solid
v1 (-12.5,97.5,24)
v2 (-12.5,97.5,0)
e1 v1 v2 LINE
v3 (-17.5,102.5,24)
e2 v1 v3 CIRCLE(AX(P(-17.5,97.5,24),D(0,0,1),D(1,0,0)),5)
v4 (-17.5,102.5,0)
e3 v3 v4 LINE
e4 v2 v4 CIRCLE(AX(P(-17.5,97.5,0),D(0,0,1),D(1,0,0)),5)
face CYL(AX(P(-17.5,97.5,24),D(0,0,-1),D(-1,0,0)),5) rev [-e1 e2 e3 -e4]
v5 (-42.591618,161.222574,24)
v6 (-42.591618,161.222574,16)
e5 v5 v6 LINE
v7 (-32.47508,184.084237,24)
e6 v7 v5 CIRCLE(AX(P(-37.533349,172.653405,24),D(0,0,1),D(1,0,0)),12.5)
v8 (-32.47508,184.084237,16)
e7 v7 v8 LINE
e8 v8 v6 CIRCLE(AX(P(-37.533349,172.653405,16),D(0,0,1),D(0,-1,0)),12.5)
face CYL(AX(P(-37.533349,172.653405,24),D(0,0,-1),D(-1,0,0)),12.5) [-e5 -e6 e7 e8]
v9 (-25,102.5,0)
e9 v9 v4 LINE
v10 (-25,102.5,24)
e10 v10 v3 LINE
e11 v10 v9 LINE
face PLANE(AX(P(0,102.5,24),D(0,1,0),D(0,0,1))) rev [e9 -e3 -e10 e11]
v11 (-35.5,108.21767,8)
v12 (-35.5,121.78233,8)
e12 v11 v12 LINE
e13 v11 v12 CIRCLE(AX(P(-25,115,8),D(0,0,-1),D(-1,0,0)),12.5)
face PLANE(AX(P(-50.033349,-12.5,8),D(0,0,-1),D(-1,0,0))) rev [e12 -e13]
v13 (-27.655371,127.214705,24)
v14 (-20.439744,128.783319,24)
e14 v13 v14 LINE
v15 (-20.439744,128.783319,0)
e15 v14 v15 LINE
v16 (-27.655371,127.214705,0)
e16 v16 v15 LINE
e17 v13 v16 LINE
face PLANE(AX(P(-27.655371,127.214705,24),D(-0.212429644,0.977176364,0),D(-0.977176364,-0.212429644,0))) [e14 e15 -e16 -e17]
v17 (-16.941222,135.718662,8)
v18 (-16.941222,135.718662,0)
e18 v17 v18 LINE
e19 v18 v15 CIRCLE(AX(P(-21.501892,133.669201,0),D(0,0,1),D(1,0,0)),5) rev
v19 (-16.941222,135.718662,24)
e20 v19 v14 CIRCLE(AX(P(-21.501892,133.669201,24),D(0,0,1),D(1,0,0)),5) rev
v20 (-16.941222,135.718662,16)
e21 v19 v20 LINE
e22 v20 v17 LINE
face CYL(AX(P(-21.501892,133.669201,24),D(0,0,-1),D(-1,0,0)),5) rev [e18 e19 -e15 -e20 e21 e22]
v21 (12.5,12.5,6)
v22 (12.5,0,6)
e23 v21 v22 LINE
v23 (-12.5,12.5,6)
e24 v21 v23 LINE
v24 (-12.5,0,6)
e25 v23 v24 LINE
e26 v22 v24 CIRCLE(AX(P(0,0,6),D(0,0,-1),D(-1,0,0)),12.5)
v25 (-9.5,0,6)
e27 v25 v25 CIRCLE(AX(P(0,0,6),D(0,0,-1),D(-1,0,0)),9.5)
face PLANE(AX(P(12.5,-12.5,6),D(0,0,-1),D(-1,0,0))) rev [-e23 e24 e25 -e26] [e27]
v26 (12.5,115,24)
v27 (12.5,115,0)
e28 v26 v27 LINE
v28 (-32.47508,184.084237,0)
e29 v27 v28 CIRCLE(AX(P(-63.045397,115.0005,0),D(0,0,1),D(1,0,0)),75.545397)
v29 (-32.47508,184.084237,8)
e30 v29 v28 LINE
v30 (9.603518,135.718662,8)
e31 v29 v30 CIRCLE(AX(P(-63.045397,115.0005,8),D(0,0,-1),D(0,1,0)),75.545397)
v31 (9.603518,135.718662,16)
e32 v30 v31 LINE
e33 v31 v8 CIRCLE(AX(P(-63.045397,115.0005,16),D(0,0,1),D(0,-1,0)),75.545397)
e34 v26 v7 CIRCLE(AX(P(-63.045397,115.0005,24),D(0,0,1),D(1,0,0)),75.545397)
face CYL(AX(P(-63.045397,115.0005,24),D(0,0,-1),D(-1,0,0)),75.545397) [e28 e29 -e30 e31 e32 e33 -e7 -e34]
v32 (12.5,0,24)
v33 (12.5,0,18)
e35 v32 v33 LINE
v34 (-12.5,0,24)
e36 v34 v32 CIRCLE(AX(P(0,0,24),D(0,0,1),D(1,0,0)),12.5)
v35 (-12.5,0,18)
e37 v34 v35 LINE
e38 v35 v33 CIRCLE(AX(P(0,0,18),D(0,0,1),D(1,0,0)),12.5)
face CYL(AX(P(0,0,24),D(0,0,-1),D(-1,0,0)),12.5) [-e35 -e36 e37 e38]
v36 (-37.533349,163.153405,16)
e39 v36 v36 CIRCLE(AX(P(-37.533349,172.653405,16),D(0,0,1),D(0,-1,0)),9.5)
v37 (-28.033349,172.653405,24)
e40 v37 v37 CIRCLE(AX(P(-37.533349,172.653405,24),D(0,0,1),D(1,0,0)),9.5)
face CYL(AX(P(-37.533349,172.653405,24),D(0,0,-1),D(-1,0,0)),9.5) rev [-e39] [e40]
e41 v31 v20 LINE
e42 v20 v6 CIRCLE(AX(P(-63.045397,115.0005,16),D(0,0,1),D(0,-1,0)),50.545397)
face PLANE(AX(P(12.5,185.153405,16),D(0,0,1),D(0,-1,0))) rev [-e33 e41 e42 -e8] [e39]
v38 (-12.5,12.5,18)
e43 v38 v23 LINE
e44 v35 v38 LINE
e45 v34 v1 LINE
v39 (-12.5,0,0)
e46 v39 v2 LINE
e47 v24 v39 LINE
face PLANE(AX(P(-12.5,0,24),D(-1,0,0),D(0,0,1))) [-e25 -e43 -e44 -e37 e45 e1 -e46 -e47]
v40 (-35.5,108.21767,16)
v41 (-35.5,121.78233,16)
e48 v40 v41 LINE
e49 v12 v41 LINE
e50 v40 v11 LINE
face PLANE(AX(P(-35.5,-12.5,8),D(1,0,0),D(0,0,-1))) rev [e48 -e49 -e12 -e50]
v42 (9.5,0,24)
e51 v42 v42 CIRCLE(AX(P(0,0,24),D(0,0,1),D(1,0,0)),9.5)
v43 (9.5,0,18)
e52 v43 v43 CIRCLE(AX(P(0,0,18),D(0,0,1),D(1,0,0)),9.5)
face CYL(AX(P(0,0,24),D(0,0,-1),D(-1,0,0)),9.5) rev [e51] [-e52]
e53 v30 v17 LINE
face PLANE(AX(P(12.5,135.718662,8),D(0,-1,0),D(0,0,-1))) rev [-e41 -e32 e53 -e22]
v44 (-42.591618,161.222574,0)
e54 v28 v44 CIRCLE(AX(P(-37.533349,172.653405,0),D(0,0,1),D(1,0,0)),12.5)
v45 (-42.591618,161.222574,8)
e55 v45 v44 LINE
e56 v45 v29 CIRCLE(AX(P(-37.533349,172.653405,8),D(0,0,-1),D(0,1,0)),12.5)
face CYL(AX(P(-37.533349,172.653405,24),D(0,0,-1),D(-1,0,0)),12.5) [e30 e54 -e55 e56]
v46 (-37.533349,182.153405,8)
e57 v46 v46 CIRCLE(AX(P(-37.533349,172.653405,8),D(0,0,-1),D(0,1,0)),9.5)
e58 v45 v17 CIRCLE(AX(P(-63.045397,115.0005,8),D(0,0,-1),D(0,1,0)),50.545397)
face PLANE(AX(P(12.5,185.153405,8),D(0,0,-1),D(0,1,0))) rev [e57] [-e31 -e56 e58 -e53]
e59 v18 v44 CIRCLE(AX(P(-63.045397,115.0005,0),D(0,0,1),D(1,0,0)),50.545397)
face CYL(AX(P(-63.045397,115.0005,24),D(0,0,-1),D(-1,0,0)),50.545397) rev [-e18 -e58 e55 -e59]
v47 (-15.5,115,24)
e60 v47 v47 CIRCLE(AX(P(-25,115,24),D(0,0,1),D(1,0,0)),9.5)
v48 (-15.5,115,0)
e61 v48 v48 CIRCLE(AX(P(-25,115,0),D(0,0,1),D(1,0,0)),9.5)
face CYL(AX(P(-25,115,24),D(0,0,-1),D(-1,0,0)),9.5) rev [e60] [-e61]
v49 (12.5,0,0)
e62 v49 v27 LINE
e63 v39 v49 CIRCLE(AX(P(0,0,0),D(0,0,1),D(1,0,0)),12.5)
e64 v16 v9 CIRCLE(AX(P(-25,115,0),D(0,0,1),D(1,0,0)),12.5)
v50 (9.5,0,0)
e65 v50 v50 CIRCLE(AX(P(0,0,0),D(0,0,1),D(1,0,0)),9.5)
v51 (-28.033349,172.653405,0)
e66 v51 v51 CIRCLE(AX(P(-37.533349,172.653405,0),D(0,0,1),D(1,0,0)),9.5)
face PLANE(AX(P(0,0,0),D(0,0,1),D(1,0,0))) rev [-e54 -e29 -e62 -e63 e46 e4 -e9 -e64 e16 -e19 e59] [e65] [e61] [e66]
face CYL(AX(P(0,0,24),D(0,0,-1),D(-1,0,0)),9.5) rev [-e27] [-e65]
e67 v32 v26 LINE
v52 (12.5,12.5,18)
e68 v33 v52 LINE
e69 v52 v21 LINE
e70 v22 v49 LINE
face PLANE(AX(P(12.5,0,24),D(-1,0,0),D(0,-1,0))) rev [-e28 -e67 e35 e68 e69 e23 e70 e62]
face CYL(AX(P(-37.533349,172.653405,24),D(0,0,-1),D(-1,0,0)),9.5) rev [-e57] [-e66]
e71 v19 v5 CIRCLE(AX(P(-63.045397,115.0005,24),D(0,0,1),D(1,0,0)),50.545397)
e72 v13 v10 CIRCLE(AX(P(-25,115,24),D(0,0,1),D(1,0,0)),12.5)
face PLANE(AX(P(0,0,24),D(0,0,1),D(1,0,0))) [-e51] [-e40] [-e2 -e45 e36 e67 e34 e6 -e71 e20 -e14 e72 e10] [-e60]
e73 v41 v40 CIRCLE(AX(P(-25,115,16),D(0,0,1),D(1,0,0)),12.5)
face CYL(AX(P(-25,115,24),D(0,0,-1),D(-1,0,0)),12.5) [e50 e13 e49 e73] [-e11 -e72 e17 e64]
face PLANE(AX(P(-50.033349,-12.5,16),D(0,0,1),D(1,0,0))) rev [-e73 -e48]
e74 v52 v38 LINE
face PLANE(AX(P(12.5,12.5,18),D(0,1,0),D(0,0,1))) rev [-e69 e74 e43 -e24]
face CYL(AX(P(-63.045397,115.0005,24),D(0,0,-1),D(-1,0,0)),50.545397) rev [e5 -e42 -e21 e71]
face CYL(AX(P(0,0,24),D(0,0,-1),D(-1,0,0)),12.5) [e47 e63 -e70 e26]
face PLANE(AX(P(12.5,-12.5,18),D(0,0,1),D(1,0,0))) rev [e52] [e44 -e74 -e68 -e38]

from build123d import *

# Parameters (mm, degrees)
CROQUIS2_R                 = 12.5
CROQUIS2_R_2               = 9.5
SALIENTE_EXTRUIR1_DEPTH    = 24
CORTAR_EXTRUIR3_DEPTH      = 191.437747955
CORTAR_EXTRUIR3_DEPTH_BACK = 191.437747955
CROQUIS5_W                 = 8
CROQUIS5_H                 = 49.434743854
CORTAR_EXTRUIR4_DEPTH      = 191.437747955
CORTAR_EXTRUIR4_DEPTH_BACK = 191.437747955
CROQUIS6_W                 = 12
CROQUIS6_H                 = 25
CORTAR_EXTRUIR5_DEPTH      = 159.265939688
CORTAR_EXTRUIR5_DEPTH_BACK = 159.265939688
CROQUIS7_W                 = 14.533349016
CROQUIS7_H                 = 8


with BuildPart() as part:
    # Croquis2 → Saliente-Extruir1 (new body)
    # profile 1 of 4: a face of its own
    with BuildSketch(Plane.XY):
        with Locations((-37.533349016, 172.653405471)):
            Circle(CROQUIS2_R)
        with Locations((-37.533349016, 172.653405471)):
            Circle(CROQUIS2_R_2, mode=Mode.SUBTRACT)
    # profile 2 of 4: a face of its own
    with BuildSketch(Plane.XY):
        with BuildLine():
            Line((-12.5, 58.855421297), (-12.5, 0))
            ThreePointArc((-12.5, 0), (0, 12.5), (12.5, 0))
            Line((12.5, 0), (12.5, 115))
            ThreePointArc((12.5, 115), (0.265693313, 156.217157525), (-32.475079629, 184.08423706))
            ThreePointArc((-32.475079629, 184.08423706), (-27.057701844, 179.473289366), (-25.033349016, 172.653405471))
            ThreePointArc((-25.033349016, 172.653405471), (-30.713465121, 162.1777583), (-42.591618403, 161.222573883))
            ThreePointArc((-42.591618403, 161.222573883), (-27.406897086, 150.843693068), (-16.941222141, 135.718661617))
            ThreePointArc((-16.941222141, 135.718661617), (-17.037727548, 131.417260647), (-20.439743892, 128.783319041))
            Line((-20.439743892, 128.783319041), (-27.655370554, 127.214704549))
            ThreePointArc((-27.655370554, 127.214704549), (-17.155961879, 124.732474812), (-12.5, 115))
            ThreePointArc((-12.5, 115), (-16.161165235, 106.161165235), (-25, 102.5))
            Line((-25, 102.5), (-17.5, 102.5))
            ThreePointArc((-17.5, 102.5), (-13.964466094, 101.035533906), (-12.5, 97.5))
            Line((-12.5, 97.5), (-12.5, 58.855421297))
        make_face()
    # profile 3 of 4: a face of its own
    with BuildSketch(Plane.XY):
        with Locations((-25, 115)):
            Circle(CROQUIS2_R)
        with Locations((-25, 115)):
            Circle(CROQUIS2_R_2, mode=Mode.SUBTRACT)
    # profile 4 of 4: a face of its own
    with BuildSketch(Plane.XY):
        Circle(CROQUIS2_R)
        Circle(CROQUIS2_R_2, mode=Mode.SUBTRACT)
    extrude(amount=SALIENTE_EXTRUIR1_DEPTH)

    # Croquis5 → Cortar-Extruir3 (cut, two sides: drawn at the far end of the back side and taken through both)
    with BuildSketch(Plane.ZY.offset(12.5).offset(-CORTAR_EXTRUIR3_DEPTH_BACK)):
        with Locations((12, 160.436033544)):
            Rectangle(CROQUIS5_W, CROQUIS5_H)
    extrude(amount=CORTAR_EXTRUIR3_DEPTH + CORTAR_EXTRUIR3_DEPTH_BACK, mode=Mode.SUBTRACT)

    # Croquis6 → Cortar-Extruir4 (cut, two sides: drawn at the far end of the back side and taken through both)
    with BuildSketch(Plane.ZY.offset(12.5).offset(-CORTAR_EXTRUIR4_DEPTH_BACK)):
        with Locations((12, 0)):
            Rectangle(CROQUIS6_W, CROQUIS6_H)
    extrude(amount=CORTAR_EXTRUIR4_DEPTH + CORTAR_EXTRUIR4_DEPTH_BACK, mode=Mode.SUBTRACT)

    # Croquis7 → Cortar-Extruir5 (cut, two sides: drawn at the far end of the back side and taken through both)
    with BuildSketch(Plane(origin=(0, 135.718661617, 0), x_dir=(1, 0, 0), z_dir=(0, 1, 0)).offset(-CORTAR_EXTRUIR5_DEPTH_BACK)):
        with Locations((-42.766674508, -12)):
            Rectangle(CROQUIS7_W, CROQUIS7_H)
    extrude(amount=CORTAR_EXTRUIR5_DEPTH + CORTAR_EXTRUIR5_DEPTH_BACK, mode=Mode.SUBTRACT)


solid = part.part
